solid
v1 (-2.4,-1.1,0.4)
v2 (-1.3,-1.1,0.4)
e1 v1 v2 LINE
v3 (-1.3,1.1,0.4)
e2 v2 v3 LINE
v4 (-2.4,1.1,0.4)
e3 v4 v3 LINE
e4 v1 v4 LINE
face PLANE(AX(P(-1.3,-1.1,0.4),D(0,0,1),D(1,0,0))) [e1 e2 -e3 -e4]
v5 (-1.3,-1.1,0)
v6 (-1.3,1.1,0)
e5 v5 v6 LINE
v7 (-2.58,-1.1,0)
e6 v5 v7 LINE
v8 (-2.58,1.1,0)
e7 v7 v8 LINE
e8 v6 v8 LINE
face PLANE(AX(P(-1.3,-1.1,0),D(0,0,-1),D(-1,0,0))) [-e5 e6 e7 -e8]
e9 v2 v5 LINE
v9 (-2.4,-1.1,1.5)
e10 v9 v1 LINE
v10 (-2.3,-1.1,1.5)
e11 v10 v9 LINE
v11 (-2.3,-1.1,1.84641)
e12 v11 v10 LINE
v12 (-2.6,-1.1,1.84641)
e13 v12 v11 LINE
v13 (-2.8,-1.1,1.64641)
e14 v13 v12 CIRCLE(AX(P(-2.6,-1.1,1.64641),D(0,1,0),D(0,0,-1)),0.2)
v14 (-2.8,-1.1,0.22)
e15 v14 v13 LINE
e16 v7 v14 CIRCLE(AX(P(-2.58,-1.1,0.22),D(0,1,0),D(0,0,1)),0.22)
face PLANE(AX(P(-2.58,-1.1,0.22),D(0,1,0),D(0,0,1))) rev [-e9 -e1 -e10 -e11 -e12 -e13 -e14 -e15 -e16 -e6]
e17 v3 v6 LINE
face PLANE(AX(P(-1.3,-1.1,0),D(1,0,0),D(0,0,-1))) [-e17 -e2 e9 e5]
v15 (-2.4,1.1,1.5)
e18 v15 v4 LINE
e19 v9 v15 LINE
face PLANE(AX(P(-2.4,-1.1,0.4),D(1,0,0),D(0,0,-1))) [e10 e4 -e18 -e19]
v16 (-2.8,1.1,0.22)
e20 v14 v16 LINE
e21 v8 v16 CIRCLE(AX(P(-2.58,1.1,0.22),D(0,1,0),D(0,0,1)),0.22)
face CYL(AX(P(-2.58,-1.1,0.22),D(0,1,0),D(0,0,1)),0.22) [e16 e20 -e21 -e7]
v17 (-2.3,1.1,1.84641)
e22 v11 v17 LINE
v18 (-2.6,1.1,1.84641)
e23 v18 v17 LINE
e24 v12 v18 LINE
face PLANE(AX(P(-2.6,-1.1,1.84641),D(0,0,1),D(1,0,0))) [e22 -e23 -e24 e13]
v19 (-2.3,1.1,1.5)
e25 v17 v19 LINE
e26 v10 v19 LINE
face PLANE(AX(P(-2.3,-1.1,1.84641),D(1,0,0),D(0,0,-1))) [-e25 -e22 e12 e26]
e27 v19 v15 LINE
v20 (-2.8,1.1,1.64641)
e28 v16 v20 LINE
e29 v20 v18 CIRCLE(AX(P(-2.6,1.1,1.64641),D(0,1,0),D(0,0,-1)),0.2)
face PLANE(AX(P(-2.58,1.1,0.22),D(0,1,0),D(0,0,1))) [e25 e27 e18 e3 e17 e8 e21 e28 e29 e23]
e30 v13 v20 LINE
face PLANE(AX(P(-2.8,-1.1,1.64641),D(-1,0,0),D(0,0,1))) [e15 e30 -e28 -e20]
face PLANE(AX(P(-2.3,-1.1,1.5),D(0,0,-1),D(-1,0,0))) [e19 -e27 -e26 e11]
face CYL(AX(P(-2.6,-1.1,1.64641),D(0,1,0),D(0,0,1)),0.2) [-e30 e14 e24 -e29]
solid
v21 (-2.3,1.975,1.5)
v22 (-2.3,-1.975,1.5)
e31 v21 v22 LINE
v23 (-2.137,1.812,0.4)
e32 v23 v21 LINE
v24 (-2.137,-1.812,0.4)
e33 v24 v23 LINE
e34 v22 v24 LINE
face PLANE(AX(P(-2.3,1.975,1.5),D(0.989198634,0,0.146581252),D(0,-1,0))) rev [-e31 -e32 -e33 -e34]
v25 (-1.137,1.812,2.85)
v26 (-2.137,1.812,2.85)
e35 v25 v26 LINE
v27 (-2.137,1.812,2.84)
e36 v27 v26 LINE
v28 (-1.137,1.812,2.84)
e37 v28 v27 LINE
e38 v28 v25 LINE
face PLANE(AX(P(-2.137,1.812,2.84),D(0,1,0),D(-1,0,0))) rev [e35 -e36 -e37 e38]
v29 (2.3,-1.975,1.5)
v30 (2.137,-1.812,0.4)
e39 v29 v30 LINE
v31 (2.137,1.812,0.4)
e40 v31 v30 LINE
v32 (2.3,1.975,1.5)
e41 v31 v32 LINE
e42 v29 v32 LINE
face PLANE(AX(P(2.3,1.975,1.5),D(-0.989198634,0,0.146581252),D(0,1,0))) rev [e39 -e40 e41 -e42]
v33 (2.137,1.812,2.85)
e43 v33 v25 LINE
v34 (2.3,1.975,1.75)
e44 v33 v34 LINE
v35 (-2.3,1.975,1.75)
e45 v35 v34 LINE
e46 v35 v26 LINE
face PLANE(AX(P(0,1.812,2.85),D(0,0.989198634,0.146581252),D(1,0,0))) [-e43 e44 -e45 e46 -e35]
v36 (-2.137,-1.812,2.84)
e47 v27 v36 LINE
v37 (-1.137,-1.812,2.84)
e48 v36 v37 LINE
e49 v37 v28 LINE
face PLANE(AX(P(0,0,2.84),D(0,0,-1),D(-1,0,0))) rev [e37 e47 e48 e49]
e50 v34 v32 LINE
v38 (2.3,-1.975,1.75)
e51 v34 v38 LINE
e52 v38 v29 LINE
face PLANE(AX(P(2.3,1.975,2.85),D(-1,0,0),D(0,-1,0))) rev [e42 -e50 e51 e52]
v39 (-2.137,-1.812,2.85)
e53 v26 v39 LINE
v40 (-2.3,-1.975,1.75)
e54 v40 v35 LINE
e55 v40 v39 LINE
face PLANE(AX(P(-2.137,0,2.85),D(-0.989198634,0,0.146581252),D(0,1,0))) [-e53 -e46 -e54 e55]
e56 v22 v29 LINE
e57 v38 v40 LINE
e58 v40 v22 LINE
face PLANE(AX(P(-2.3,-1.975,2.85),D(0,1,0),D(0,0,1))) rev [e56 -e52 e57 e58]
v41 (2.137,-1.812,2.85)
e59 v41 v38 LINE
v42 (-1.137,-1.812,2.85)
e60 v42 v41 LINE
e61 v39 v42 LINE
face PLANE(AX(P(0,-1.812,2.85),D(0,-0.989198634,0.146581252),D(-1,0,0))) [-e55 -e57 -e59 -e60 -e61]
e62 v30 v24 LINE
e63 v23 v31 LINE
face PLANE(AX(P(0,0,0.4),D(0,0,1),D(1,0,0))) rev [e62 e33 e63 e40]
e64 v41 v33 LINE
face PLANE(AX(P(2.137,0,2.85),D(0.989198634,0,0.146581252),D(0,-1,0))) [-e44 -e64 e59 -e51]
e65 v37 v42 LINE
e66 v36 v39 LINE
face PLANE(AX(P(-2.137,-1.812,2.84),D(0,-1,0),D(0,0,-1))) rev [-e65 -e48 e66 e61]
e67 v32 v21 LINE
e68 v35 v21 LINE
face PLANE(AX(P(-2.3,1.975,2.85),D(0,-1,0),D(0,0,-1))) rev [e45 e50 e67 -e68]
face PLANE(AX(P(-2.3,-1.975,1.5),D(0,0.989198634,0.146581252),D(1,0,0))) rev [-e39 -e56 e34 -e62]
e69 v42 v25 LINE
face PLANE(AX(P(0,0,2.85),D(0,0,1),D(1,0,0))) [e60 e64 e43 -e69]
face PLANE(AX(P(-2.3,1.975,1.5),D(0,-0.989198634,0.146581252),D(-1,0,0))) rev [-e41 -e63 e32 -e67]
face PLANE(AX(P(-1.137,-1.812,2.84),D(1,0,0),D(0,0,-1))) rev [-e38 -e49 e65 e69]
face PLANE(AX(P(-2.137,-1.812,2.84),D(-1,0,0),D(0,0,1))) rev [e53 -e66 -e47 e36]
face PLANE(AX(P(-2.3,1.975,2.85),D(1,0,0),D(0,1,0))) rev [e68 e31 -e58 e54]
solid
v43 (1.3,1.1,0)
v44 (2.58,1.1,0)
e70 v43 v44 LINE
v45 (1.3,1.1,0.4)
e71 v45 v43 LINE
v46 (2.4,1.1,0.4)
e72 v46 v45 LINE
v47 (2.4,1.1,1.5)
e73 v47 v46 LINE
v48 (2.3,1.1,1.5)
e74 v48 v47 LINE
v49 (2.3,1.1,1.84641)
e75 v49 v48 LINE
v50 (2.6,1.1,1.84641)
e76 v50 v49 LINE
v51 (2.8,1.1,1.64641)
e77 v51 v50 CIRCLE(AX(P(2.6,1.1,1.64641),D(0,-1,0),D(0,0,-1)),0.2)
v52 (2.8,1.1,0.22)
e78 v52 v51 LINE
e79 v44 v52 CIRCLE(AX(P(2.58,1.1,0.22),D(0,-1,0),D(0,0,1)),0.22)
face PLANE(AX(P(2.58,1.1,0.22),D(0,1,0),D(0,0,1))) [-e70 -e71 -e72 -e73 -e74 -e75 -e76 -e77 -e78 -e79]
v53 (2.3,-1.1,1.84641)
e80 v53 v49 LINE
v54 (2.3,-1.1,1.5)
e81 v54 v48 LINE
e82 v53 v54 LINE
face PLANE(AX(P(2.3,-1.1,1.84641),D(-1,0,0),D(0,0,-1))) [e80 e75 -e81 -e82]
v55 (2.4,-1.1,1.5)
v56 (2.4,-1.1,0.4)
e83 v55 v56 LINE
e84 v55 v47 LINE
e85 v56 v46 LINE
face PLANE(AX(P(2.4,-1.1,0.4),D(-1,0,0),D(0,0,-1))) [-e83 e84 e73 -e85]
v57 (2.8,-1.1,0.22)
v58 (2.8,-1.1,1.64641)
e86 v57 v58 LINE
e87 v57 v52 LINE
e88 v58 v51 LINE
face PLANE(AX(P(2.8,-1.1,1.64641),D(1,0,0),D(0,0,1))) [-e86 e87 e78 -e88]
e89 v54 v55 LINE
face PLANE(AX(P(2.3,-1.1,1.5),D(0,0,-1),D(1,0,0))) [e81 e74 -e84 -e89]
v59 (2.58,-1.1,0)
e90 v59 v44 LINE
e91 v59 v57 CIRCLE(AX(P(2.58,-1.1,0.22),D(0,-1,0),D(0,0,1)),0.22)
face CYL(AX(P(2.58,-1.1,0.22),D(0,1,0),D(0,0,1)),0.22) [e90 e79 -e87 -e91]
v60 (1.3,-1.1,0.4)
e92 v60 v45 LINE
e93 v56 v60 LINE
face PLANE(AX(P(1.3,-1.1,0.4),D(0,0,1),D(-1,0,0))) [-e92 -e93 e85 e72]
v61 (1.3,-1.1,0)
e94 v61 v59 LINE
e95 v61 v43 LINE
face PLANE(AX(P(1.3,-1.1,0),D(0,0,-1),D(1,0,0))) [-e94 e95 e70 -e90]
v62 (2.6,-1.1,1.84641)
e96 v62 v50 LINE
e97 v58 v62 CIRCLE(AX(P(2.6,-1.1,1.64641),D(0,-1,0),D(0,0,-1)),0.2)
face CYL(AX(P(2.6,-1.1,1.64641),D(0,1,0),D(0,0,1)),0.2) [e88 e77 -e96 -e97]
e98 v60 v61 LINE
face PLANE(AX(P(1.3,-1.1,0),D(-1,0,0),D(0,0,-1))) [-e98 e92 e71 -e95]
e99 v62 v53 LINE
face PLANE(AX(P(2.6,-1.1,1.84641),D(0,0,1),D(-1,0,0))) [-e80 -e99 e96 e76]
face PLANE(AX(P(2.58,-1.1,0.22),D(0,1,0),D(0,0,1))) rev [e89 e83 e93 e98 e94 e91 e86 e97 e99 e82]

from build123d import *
from OCP.BRepFilletAPI import BRepFilletAPI_MakeChamfer

# Parameters (mm, degrees)
SKETCH_1_W           = 4.6
SKETCH_1_H           = 3.95
EXTRUDE_1_DEPTH      = 2.45
CHAMFER_1_SIZE       = 1.1
CHAMFER_1_SIZE2      = 0.163
CHAMFER_2_SIZE       = 0.163
CHAMFER_2_SIZE2      = 1.1
EXTRUDE_2_DEPTH      = 1.1
EXTRUDE_2_DEPTH_BACK = 1.1
SKETCH_3_W           = 1
SKETCH_3_H           = 3.624
CUT_EXTRUDE_1_DEPTH  = 0.01


with BuildPart() as part:
    # Эскиз1 → Бобышка-Вытянуть1 (new body)
    with BuildSketch(Plane.XY.offset(0.4)):
        Rectangle(SKETCH_1_W, SKETCH_1_H)
    extrude(amount=EXTRUDE_1_DEPTH)

    # Фаска1: one chamfer whose edges measure the first distance from different faces: ONE call of the kernel's chamfer builder (chamfer() names one face for all edges)
    chamfer_1_edges_1 = [part.edges().sort_by_distance(p)[0] for p in [
        (-2.3, 0, 2.85),
    ]]
    chamfer_1_side_1 = [part.faces().sort_by_distance(p)[0] for p in [
        (-2.3, 0, 1.625),
    ]]
    chamfer_1_edges_2 = [part.edges().sort_by_distance(p)[0] for p in [
        (0, -1.975, 2.85),
    ]]
    chamfer_1_side_2 = [part.faces().sort_by_distance(p)[0] for p in [
        (0, -1.975, 1.625),
    ]]
    chamfer_1_edges_3 = [part.edges().sort_by_distance(p)[0] for p in [
        (2.3, 0, 2.85),
    ]]
    chamfer_1_side_3 = [part.faces().sort_by_distance(p)[0] for p in [
        (2.3, 0, 1.625),
    ]]
    chamfer_1_edges_4 = [part.edges().sort_by_distance(p)[0] for p in [
        (0, 1.975, 2.85),
    ]]
    chamfer_1_side_4 = [part.faces().sort_by_distance(p)[0] for p in [
        (0, 1.975, 1.625),
    ]]
    chamfer_1 = BRepFilletAPI_MakeChamfer(part.part.solid().wrapped)
    for e in chamfer_1_edges_1:
        chamfer_1.Add(CHAMFER_1_SIZE, CHAMFER_1_SIZE2, e.wrapped, chamfer_1_side_1[0].wrapped)  # the first distance lies on this face
    for e in chamfer_1_edges_2:
        chamfer_1.Add(CHAMFER_1_SIZE, CHAMFER_1_SIZE2, e.wrapped, chamfer_1_side_2[0].wrapped)  # the first distance lies on this face
    for e in chamfer_1_edges_3:
        chamfer_1.Add(CHAMFER_1_SIZE, CHAMFER_1_SIZE2, e.wrapped, chamfer_1_side_3[0].wrapped)  # the first distance lies on this face
    for e in chamfer_1_edges_4:
        chamfer_1.Add(CHAMFER_1_SIZE, CHAMFER_1_SIZE2, e.wrapped, chamfer_1_side_4[0].wrapped)  # the first distance lies on this face
    add(Compound.cast(chamfer_1.Shape()), mode=Mode.REPLACE)

    # Фаска2
    chamfer_2_edges = [part.edges().sort_by_distance(p)[0] for p in [
        (0, -1.975, 0.4),
        (-2.3, 0, 0.4),
        (0, 1.975, 0.4),
        (2.3, 0, 0.4),
    ]]
    chamfer_2_side = [part.faces().sort_by_distance(p)[0] for p in [
        (0, 0, 0.4),
    ]]
    chamfer(chamfer_2_edges, length=CHAMFER_2_SIZE, length2=CHAMFER_2_SIZE2, reference=chamfer_2_side[0])

    # Эскиз3 → Вырез-Вытянуть1 (cut)
    with BuildSketch(Plane.XY.offset(2.85)):
        with Locations((-1.637, 0)):
            Rectangle(SKETCH_3_W, SKETCH_3_H)
    extrude(amount=-CUT_EXTRUDE_1_DEPTH, mode=Mode.SUBTRACT)


with BuildPart() as body_2:
    # Эскиз2 → Бобышка-Вытянуть2 (new, two sides: drawn at the far end of the back side and taken through both)
    with BuildSketch(Plane(origin=(0, 0, 0), x_dir=(1, 0, 0), z_dir=(0, 1, 0)).offset(-EXTRUDE_2_DEPTH_BACK)):
        with BuildLine():
            Line((-2.4, -0.4), (-2.4, -1.5))
            Line((-2.4, -1.5), (-2.3, -1.5))
            Line((-2.3, -1.5), (-2.3, -1.846410162))
            Line((-2.3, -1.846410162), (-2.6, -1.846410162))
            ThreePointArc((-2.6, -1.846410162), (-2.741421356, -1.787831518), (-2.8, -1.646410162))
            Line((-2.8, -1.646410162), (-2.8, -0.22))
            ThreePointArc((-2.8, -0.22), (-2.735563492, -0.064436508), (-2.58, 0))
            Line((-2.58, 0), (-1.3, 0))
            Line((-1.3, 0), (-1.3, -0.4))
            Line((-1.3, -0.4), (-2.4, -0.4))
        make_face()
    extrude(amount=EXTRUDE_2_DEPTH + EXTRUDE_2_DEPTH_BACK)


with BuildPart() as body_3:
    # Зеркальное отражение1: mirrored copy
    add(body_2.part.mirror(Plane(origin=(0, 0, 0), x_dir=(0, 0, 1), z_dir=(1, 0, 0))))


solid = Compound([part.part, body_2.part, body_3.part])
